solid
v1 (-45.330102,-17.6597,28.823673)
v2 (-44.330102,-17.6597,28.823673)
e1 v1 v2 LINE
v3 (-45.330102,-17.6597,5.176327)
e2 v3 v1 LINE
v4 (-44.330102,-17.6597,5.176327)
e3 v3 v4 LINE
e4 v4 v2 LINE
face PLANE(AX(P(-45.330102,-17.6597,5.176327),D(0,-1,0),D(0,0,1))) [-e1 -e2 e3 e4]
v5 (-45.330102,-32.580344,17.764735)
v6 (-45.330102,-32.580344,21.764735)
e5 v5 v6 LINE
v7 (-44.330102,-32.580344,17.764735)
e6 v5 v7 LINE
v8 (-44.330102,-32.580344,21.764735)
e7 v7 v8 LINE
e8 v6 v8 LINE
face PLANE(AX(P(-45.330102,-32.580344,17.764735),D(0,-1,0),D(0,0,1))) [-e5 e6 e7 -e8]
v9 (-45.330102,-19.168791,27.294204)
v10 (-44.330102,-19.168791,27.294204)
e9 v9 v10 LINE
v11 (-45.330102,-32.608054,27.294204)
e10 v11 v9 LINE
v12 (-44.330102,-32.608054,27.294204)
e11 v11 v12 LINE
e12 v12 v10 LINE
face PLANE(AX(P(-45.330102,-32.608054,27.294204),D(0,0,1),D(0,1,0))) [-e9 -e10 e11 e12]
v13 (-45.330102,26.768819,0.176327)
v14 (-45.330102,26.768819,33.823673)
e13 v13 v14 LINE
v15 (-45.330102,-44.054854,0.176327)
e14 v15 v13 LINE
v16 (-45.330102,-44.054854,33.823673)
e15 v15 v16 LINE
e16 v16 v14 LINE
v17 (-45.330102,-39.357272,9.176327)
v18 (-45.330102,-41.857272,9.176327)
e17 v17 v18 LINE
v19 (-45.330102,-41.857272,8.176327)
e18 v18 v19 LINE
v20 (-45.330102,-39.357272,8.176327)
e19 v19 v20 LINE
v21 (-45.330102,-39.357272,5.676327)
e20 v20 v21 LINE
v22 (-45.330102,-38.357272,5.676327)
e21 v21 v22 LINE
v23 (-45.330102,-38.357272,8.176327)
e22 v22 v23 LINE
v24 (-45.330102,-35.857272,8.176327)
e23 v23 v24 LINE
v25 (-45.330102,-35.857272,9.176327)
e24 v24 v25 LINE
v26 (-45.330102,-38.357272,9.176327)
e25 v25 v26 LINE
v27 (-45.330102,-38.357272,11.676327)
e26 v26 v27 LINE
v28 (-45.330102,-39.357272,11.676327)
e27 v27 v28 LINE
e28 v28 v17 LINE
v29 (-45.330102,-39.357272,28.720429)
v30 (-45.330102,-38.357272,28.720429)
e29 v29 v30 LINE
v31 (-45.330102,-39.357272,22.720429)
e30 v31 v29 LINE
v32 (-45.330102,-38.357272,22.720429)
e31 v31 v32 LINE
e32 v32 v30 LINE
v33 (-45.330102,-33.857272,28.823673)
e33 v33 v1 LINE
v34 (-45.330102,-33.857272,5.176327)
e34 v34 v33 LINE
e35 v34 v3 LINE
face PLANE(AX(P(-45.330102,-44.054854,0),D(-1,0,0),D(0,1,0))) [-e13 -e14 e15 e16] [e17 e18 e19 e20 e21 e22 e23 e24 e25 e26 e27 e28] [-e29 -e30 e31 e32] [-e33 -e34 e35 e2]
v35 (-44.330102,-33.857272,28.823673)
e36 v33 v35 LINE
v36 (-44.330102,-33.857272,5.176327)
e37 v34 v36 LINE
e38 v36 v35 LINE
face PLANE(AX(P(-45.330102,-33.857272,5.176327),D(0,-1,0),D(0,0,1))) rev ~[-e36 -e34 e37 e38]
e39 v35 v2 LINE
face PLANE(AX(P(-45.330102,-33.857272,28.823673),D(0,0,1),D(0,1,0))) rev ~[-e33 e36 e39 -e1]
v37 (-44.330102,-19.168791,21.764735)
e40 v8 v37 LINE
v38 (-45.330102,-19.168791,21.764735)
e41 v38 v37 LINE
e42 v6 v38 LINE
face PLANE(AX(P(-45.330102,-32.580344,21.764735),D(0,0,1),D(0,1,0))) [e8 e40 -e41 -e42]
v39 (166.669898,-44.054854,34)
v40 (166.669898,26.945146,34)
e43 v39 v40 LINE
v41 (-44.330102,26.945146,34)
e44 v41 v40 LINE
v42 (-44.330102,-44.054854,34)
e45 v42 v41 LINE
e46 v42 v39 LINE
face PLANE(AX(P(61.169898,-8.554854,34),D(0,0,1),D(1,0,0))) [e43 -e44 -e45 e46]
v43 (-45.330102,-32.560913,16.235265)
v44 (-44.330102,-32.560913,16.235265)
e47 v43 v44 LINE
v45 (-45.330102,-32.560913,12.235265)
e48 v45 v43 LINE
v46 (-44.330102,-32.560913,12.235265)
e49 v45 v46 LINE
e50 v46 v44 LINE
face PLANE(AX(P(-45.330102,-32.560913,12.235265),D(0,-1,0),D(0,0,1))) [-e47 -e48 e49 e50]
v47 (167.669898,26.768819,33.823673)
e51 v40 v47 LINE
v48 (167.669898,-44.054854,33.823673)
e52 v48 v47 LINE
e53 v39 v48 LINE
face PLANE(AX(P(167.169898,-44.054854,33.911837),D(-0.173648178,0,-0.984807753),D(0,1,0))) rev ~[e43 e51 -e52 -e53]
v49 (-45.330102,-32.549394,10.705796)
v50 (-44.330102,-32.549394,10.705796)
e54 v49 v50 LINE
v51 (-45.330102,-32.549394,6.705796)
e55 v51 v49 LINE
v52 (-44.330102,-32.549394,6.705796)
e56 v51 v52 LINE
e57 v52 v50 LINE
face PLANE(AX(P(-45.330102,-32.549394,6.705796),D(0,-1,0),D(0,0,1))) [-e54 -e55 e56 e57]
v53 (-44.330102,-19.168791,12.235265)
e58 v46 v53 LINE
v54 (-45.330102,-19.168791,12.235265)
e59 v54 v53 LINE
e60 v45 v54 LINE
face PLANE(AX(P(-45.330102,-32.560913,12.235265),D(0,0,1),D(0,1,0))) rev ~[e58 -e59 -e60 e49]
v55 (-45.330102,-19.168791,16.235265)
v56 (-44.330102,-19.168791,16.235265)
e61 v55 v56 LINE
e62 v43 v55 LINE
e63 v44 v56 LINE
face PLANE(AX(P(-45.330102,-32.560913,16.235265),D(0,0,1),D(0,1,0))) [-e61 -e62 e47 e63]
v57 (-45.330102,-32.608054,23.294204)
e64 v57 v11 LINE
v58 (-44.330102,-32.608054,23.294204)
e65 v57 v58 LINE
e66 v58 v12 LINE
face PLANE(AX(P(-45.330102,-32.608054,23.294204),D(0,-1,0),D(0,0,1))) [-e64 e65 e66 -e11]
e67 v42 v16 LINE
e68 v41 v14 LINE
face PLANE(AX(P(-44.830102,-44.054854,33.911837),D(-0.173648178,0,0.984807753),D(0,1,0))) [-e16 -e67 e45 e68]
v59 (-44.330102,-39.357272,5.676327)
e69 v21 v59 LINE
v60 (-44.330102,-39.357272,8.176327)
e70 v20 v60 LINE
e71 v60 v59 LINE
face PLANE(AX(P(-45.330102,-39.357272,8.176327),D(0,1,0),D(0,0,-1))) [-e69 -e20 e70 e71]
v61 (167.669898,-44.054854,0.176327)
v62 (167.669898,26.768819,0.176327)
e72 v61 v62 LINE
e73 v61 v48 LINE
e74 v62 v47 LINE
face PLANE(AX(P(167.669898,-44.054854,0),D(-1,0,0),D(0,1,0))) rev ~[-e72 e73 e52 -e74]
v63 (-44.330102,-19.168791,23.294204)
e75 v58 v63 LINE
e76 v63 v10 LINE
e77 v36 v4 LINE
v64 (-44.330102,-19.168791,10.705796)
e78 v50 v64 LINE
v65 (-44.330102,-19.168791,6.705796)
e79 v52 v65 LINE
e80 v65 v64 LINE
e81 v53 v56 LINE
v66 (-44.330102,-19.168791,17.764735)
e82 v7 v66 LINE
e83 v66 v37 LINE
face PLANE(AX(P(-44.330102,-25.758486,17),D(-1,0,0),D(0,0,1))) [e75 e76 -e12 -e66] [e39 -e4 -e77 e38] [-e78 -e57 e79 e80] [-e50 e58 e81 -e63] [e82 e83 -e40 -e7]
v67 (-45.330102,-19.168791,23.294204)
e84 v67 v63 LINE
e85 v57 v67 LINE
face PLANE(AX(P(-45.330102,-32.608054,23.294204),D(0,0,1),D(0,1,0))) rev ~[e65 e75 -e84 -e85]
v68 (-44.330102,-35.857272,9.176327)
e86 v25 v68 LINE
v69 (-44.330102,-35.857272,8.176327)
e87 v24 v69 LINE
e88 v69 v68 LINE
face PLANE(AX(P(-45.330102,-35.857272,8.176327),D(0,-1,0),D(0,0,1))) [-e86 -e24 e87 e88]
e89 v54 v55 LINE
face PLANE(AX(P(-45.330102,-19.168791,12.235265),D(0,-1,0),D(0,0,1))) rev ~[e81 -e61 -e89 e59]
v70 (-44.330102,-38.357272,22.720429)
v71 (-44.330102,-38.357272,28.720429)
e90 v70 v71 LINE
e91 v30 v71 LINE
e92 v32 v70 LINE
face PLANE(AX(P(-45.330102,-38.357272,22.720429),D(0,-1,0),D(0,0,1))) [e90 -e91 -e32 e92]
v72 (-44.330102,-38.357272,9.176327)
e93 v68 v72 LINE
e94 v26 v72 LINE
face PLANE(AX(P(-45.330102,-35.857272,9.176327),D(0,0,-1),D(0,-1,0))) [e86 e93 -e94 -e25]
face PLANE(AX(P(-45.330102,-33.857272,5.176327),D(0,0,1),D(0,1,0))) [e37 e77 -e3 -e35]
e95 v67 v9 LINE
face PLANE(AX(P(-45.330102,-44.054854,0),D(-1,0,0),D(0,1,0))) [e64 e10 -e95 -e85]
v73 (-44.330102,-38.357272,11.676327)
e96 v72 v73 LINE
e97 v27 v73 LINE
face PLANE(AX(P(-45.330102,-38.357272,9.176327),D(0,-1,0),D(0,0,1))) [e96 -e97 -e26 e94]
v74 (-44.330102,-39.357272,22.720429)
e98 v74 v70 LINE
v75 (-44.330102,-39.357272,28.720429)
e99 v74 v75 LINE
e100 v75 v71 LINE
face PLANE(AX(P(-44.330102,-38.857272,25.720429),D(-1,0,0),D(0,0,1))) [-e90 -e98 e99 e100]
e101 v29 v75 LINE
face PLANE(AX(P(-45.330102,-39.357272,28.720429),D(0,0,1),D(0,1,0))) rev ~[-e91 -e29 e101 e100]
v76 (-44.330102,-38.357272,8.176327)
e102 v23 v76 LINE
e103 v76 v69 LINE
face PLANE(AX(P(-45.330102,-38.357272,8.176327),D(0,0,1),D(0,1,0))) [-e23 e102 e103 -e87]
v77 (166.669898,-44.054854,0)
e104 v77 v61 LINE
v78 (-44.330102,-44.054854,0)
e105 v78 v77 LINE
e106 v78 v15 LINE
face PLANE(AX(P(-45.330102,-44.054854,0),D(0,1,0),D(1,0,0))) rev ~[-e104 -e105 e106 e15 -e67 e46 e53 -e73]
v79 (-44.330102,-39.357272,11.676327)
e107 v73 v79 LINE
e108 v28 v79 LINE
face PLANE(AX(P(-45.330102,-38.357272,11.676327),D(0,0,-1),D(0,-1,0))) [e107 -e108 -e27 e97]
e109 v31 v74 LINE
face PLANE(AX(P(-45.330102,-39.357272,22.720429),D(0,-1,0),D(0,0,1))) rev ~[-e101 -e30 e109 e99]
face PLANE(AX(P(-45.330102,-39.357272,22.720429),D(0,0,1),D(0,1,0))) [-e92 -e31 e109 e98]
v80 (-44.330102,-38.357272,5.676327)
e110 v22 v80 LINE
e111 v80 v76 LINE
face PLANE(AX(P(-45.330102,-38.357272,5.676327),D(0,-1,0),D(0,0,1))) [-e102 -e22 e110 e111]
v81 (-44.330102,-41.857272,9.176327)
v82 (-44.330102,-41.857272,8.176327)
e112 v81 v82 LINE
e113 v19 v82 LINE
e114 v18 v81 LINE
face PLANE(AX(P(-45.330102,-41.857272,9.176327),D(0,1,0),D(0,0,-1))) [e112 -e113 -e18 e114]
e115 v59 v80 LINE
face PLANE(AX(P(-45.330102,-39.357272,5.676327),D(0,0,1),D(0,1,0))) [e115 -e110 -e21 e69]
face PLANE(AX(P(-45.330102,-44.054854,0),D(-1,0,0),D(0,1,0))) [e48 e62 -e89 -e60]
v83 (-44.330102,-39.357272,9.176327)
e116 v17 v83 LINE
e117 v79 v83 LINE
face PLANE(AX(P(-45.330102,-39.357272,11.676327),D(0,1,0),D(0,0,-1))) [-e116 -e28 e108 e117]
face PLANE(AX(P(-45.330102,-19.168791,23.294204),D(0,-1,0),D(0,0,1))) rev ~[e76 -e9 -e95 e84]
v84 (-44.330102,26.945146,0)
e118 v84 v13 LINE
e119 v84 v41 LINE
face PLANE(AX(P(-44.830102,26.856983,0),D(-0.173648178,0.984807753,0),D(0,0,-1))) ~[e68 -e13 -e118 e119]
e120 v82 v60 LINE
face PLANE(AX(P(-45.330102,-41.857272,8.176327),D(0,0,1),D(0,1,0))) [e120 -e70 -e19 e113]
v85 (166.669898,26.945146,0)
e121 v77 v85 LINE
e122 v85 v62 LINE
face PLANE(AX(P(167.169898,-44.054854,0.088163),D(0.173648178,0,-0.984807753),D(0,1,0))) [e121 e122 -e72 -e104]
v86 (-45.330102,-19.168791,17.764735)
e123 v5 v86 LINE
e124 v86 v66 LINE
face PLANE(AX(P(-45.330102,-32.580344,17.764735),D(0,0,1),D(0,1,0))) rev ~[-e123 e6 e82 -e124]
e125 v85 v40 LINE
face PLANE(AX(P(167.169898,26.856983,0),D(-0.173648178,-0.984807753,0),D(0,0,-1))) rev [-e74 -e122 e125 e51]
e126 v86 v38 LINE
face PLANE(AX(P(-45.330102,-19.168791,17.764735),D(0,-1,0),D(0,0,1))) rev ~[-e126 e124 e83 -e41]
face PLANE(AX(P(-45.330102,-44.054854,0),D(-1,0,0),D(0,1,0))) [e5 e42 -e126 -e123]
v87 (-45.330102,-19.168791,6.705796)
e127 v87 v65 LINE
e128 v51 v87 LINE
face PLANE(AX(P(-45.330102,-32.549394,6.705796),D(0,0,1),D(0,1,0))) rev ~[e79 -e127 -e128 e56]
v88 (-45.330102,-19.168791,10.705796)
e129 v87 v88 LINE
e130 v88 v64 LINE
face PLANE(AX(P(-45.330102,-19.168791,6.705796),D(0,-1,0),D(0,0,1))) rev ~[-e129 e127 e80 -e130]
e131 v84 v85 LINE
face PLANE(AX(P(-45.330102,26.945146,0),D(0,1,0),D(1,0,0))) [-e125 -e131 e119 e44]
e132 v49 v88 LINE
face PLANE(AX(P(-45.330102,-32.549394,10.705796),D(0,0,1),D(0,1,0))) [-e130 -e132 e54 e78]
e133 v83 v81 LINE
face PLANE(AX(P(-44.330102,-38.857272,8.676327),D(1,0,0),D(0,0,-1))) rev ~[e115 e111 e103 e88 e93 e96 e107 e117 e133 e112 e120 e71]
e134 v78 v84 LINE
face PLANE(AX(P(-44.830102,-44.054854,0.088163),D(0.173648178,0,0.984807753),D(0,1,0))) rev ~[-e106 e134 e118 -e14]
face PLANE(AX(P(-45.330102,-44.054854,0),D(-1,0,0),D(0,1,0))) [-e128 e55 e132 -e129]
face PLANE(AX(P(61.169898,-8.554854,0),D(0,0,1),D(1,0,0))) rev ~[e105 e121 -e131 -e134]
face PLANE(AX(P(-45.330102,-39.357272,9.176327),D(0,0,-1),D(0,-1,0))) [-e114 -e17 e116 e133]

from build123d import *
from OCP.BRepFilletAPI import BRepFilletAPI_MakeChamfer

# Parameters (mm, degrees)
SKETCH1_W           = 213
SKETCH1_H           = 71
BOSS_EXTRUDE1_DEPTH = 34
CHAMFER1_SIZE       = 1
CHAMFER1_SIZE2      = 0.176326981
CHAMFER2_SIZE       = 1
CHAMFER2_SIZE2      = 0.176326981
SKETCH3_W           = 23.647346038
SKETCH3_H           = 16.197572193
SKETCH3_W_2         = 4
SKETCH3_H_2         = 13.380603116
SKETCH3_H_3         = 13.392122804
SKETCH3_H_4         = 13.411553204
SKETCH3_H_5         = 13.439263392
CUT_EXTRUDE2_DEPTH  = 1
SKETCH4_W           = 6
SKETCH4_H           = 1
CUT_EXTRUDE3_DEPTH  = 1


with BuildPart() as part:
    # Sketch1 → Boss-Extrude1 (new body)
    with BuildSketch(Plane.XY):
        with Locations((61.169898141, -8.554853616)):
            Rectangle(SKETCH1_W, SKETCH1_H)
    extrude(amount=BOSS_EXTRUDE1_DEPTH)

    # Chamfer1: one chamfer whose edges measure the first distance from different faces: ONE call of the kernel's chamfer builder (chamfer() names one face for all edges)
    chamfer1_edges_1 = [part.edges().sort_by_distance(p)[0] for p in [
        (-45.330101859, -8.554853616, 34),
    ]]
    chamfer1_side_1 = [part.faces().sort_by_distance(p)[0] for p in [
        (61.169898141, -8.554853616, 34),
    ]]
    chamfer1_edges_2 = [part.edges().sort_by_distance(p)[0] for p in [
        (-45.330101859, -8.554853616, 0),
    ]]
    chamfer1_side_2 = [part.faces().sort_by_distance(p)[0] for p in [
        (61.169898141, -8.554853616, 0),
    ]]
    chamfer1_edges_3 = [part.edges().sort_by_distance(p)[0] for p in [
        (-45.330101859, 26.945146384, 17),
    ]]
    chamfer1_side_3 = [part.faces().sort_by_distance(p)[0] for p in [
        (61.169898141, 26.945146384, 17),
    ]]
    chamfer1 = BRepFilletAPI_MakeChamfer(part.part.solid().wrapped)
    for e in chamfer1_edges_1:
        chamfer1.Add(CHAMFER1_SIZE, CHAMFER1_SIZE2, e.wrapped, chamfer1_side_1[0].wrapped)  # the first distance lies on this face
    for e in chamfer1_edges_2:
        chamfer1.Add(CHAMFER1_SIZE, CHAMFER1_SIZE2, e.wrapped, chamfer1_side_2[0].wrapped)  # the first distance lies on this face
    for e in chamfer1_edges_3:
        chamfer1.Add(CHAMFER1_SIZE, CHAMFER1_SIZE2, e.wrapped, chamfer1_side_3[0].wrapped)  # the first distance lies on this face
    add(Compound.cast(chamfer1.Shape()), mode=Mode.REPLACE)

    # Chamfer2: one chamfer whose edges measure the first distance from different faces: ONE call of the kernel's chamfer builder (chamfer() names one face for all edges)
    chamfer2_edges_1 = [part.edges().sort_by_distance(p)[0] for p in [
        (167.669898141, -8.554853616, 34),
    ]]
    chamfer2_side_1 = [part.faces().sort_by_distance(p)[0] for p in [
        (61.669898141, -8.554853616, 34),
    ]]
    chamfer2_edges_2 = [part.edges().sort_by_distance(p)[0] for p in [
        (167.669898141, -8.554853616, 0),
    ]]
    chamfer2_side_2 = [part.faces().sort_by_distance(p)[0] for p in [
        (61.669898141, -8.554853616, 0),
    ]]
    chamfer2_edges_3 = [part.edges().sort_by_distance(p)[0] for p in [
        (167.669898141, 26.945146384, 17),
    ]]
    chamfer2_side_3 = [part.faces().sort_by_distance(p)[0] for p in [
        (61.669898141, 26.945146384, 17),
    ]]
    chamfer2 = BRepFilletAPI_MakeChamfer(part.part.solid().wrapped)
    for e in chamfer2_edges_1:
        chamfer2.Add(CHAMFER2_SIZE, CHAMFER2_SIZE2, e.wrapped, chamfer2_side_1[0].wrapped)  # the first distance lies on this face
    for e in chamfer2_edges_2:
        chamfer2.Add(CHAMFER2_SIZE, CHAMFER2_SIZE2, e.wrapped, chamfer2_side_2[0].wrapped)  # the first distance lies on this face
    for e in chamfer2_edges_3:
        chamfer2.Add(CHAMFER2_SIZE, CHAMFER2_SIZE2, e.wrapped, chamfer2_side_3[0].wrapped)  # the first distance lies on this face
    add(Compound.cast(chamfer2.Shape()), mode=Mode.REPLACE)

    # Sketch3 → Cut-Extrude2 (cut)
    with BuildSketch(Plane.ZY.offset(45.330101859)):
        with Locations((17, -25.758486194)):
            Rectangle(SKETCH3_W, SKETCH3_H)
        with Locations((8.705796188, -25.859092232)):
            Rectangle(SKETCH3_W_2, SKETCH3_H_2, mode=Mode.SUBTRACT)
        with Locations((14.235265396, -25.864852076)):
            Rectangle(SKETCH3_W_2, SKETCH3_H_3, mode=Mode.SUBTRACT)
        with Locations((19.764734604, -25.874567276)):
            Rectangle(SKETCH3_W_2, SKETCH3_H_4, mode=Mode.SUBTRACT)
        with Locations((25.294203812, -25.88842237)):
            Rectangle(SKETCH3_W_2, SKETCH3_H_5, mode=Mode.SUBTRACT)
    extrude(amount=-CUT_EXTRUDE2_DEPTH, mode=Mode.SUBTRACT)

    # Sketch4 → Cut-Extrude3 (cut)
    with BuildSketch(Plane.ZY.offset(45.330101859)):
        Polygon((8.176326981, -35.85727229), (9.176326981, -35.85727229), (9.176326981, -38.35727229), (11.676326981, -38.35727229), (11.676326981, -39.35727229), (9.176326981, -39.35727229), (9.176326981, -41.85727229), (8.176326981, -41.85727229), (8.176326981, -39.35727229), (5.676326981, -39.35727229), (5.676326981, -38.35727229), (8.176326981, -38.35727229), align=None)
        with Locations((25.720428724, -38.85727229)):
            Rectangle(SKETCH4_W, SKETCH4_H)
    extrude(amount=-CUT_EXTRUDE3_DEPTH, mode=Mode.SUBTRACT)


solid = part.part
